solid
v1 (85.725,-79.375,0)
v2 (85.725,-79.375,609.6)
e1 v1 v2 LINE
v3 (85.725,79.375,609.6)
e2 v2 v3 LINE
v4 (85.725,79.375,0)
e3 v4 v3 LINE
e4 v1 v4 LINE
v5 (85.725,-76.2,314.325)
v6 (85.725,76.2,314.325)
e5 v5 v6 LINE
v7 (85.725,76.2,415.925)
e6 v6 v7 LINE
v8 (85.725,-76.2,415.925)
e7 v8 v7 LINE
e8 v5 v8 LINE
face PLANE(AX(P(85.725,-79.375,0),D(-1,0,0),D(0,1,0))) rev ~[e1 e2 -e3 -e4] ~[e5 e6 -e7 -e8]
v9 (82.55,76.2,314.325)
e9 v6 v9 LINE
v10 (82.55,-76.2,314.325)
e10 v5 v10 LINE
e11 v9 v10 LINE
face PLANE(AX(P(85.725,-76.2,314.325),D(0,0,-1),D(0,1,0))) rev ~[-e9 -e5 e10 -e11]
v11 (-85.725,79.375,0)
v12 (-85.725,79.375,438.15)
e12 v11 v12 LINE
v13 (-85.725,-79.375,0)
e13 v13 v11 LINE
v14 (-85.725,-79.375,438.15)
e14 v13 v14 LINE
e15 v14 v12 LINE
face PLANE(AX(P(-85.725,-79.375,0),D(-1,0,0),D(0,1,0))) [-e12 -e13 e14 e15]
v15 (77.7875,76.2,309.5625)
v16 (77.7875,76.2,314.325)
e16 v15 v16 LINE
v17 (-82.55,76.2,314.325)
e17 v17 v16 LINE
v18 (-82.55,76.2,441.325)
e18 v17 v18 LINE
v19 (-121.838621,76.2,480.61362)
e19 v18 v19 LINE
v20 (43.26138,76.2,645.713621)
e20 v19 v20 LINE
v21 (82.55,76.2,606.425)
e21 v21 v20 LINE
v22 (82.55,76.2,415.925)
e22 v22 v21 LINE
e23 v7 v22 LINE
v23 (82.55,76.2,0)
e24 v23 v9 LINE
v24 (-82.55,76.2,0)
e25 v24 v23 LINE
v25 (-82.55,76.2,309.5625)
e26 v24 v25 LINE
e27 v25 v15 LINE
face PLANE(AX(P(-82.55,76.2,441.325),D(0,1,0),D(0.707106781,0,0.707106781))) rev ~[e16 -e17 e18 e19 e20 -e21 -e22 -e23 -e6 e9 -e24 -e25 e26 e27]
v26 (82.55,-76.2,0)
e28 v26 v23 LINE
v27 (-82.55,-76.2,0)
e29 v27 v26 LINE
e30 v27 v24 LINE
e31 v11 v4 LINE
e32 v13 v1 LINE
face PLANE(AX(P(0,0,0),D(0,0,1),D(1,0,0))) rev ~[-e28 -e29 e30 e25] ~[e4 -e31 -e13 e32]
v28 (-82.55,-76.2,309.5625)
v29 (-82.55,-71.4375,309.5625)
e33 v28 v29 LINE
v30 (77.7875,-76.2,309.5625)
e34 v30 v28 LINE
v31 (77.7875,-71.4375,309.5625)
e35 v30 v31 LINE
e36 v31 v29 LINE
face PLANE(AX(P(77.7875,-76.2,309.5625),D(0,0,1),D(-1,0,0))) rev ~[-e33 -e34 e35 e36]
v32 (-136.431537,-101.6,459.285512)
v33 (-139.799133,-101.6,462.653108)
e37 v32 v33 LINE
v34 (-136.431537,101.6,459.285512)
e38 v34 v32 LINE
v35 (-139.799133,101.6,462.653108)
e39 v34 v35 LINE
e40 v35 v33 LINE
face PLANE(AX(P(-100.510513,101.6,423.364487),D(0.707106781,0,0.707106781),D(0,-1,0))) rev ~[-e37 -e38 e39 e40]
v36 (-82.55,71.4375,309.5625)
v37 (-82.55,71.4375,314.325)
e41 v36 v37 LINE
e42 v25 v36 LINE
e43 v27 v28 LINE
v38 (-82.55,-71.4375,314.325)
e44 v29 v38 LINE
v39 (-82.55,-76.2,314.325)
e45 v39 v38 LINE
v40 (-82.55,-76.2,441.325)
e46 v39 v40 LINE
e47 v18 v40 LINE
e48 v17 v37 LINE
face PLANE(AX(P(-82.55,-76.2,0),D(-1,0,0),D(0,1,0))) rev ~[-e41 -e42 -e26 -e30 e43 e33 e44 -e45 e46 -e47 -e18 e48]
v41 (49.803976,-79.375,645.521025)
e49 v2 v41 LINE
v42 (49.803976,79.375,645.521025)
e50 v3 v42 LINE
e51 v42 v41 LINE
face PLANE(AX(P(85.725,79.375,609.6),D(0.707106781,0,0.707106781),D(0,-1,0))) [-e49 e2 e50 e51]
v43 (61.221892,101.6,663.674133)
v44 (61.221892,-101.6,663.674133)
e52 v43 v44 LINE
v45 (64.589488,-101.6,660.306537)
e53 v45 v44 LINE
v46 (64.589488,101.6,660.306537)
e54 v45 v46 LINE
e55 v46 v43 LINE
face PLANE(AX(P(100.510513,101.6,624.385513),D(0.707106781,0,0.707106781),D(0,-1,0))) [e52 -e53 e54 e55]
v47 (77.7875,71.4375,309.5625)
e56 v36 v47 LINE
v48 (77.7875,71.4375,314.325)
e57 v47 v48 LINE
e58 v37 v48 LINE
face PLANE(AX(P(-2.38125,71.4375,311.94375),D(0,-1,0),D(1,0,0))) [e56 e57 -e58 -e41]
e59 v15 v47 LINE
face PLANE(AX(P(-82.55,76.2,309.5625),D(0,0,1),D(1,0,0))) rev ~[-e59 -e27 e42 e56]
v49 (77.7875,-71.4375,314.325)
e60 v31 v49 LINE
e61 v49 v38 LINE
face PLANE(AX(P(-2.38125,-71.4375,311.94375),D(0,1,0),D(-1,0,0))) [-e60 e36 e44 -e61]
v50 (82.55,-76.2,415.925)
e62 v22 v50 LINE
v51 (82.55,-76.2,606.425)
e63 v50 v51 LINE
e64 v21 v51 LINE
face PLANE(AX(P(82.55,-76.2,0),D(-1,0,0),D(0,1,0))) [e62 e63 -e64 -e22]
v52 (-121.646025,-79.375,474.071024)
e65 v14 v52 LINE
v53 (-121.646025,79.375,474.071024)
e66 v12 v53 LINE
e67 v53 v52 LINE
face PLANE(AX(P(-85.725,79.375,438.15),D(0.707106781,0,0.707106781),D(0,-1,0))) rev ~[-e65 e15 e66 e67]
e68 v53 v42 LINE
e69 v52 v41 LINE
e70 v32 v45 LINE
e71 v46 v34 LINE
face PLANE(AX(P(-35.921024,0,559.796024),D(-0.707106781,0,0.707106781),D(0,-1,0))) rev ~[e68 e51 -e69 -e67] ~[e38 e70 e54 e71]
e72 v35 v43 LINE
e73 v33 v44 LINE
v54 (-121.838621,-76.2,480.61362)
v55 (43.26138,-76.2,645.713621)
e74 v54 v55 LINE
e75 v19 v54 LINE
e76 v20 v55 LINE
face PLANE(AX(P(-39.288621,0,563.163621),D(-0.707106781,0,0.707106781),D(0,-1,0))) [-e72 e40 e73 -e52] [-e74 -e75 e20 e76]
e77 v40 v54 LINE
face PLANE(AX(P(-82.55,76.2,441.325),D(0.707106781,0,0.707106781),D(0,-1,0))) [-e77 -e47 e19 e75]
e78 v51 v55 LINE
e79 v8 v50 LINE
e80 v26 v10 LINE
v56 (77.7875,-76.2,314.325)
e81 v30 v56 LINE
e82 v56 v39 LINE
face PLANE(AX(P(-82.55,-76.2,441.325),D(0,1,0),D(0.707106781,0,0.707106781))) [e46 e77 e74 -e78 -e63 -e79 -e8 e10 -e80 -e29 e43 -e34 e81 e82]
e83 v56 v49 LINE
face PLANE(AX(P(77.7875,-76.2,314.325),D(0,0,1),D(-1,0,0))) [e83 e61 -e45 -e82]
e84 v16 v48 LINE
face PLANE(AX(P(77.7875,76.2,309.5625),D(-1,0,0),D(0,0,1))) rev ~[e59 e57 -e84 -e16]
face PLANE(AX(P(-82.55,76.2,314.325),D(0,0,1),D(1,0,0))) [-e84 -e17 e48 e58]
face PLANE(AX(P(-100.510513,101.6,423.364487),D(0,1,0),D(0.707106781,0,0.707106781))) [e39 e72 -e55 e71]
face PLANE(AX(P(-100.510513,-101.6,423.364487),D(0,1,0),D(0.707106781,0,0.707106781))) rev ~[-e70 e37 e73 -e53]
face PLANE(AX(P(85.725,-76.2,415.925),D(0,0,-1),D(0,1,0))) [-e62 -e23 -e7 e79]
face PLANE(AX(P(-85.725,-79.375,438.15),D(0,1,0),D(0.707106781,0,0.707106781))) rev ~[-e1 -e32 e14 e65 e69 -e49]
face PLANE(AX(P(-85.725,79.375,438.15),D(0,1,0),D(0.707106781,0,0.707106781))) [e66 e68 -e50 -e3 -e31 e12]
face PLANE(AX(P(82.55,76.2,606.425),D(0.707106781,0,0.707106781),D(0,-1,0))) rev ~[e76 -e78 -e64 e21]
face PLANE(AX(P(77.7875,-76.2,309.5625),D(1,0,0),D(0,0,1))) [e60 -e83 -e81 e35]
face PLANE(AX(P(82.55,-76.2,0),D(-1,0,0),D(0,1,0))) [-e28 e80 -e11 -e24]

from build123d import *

# Parameters (mm, degrees)
F0_W      = 171.45
F0_H      = 158.75
F0_W_2    = 165.1
F0_H_2    = 152.4
F1_DEPTH  = 609.6
F3_DEPTH  = 158.751
F4_W      = 203.2
F4_H      = 284.28666
F4_W_2    = 152.4
F4_H_2    = 233.48666
F5_DEPTH  = 55.5625
F6_W      = 152.4
F6_H      = 101.6
F7_DEPTH  = 25.4
F8_W      = 160.3375
F8_H      = 4.7625
F9_DEPTH  = 4.7625
F10_W     = 160.3375
F10_H     = 4.7625
F11_DEPTH = 4.7625
F12_W     = 158.75
F12_H     = 242.466916
F13_DEPTH = 50.8


with BuildPart() as f1:
    # F0 (on Top) → F1 (new body)
    with BuildSketch(Plane.XY):
        Rectangle(F0_W, F0_H)
        Rectangle(F0_W_2, F0_H_2, mode=Mode.SUBTRACT)
    extrude(amount=F1_DEPTH)

    # F2 (on face) → F3 (cut, through all)
    with BuildSketch(Plane.XZ.offset(79.375)):
        Polygon((-85.725, 438.15), (85.725, 609.6), (-85.725, 609.6), align=None)
    extrude(amount=-F3_DEPTH, mode=Mode.SUBTRACT)

    # F4 (on face) → F5 (join)
    with BuildSketch(Plane(origin=(-261.9375, 0, 261.9375), x_dir=(0, -1, 0), z_dir=(-0.707107, 0, 0.707107))):
        with Locations((0, 370.435565)):
            Rectangle(F4_W, F4_H)
        with Locations((0, 370.435565)):
            Rectangle(F4_W_2, F4_H_2, mode=Mode.SUBTRACT)
    extrude(amount=F5_DEPTH)

    # F6 (on face) → F7 (cut)
    with BuildSketch(Plane.YZ.offset(85.725)):
        with Locations((0, 365.125)):
            Rectangle(F6_W, F6_H)
    extrude(amount=-F7_DEPTH, mode=Mode.SUBTRACT)

    # F8 (on face) → F9 (join)
    with BuildSketch(Plane(origin=(0, -76.2, 0), x_dir=(-1, 0, 0), z_dir=(0, 1, 0))):
        with Locations((2.38125, 311.94375)):
            Rectangle(F8_W, F8_H)
    extrude(amount=F9_DEPTH)

    # F10 (on face) → F11 (join)
    with BuildSketch(Plane.XZ.offset(-76.2)):
        with Locations((-2.38125, 311.94375)):
            Rectangle(F10_W, F10_H)
    extrude(amount=F11_DEPTH)

    # F12 (on face) → F13 (cut)
    with BuildSketch(Plane(origin=(-261.9375, 0, 261.9375), x_dir=(0, -1, 0), z_dir=(-0.707107, 0, 0.707107))):
        Polygon((101.6, 512.578895), (-101.6, 512.578895), (-101.6, 228.292235), (-79.375, 228.292235), (101.6, 228.292235), align=None)
        with Locations((0, 370.435565)):
            Rectangle(F12_W, F12_H, mode=Mode.SUBTRACT)
    extrude(amount=F13_DEPTH, mode=Mode.SUBTRACT)


solid = f1.part
